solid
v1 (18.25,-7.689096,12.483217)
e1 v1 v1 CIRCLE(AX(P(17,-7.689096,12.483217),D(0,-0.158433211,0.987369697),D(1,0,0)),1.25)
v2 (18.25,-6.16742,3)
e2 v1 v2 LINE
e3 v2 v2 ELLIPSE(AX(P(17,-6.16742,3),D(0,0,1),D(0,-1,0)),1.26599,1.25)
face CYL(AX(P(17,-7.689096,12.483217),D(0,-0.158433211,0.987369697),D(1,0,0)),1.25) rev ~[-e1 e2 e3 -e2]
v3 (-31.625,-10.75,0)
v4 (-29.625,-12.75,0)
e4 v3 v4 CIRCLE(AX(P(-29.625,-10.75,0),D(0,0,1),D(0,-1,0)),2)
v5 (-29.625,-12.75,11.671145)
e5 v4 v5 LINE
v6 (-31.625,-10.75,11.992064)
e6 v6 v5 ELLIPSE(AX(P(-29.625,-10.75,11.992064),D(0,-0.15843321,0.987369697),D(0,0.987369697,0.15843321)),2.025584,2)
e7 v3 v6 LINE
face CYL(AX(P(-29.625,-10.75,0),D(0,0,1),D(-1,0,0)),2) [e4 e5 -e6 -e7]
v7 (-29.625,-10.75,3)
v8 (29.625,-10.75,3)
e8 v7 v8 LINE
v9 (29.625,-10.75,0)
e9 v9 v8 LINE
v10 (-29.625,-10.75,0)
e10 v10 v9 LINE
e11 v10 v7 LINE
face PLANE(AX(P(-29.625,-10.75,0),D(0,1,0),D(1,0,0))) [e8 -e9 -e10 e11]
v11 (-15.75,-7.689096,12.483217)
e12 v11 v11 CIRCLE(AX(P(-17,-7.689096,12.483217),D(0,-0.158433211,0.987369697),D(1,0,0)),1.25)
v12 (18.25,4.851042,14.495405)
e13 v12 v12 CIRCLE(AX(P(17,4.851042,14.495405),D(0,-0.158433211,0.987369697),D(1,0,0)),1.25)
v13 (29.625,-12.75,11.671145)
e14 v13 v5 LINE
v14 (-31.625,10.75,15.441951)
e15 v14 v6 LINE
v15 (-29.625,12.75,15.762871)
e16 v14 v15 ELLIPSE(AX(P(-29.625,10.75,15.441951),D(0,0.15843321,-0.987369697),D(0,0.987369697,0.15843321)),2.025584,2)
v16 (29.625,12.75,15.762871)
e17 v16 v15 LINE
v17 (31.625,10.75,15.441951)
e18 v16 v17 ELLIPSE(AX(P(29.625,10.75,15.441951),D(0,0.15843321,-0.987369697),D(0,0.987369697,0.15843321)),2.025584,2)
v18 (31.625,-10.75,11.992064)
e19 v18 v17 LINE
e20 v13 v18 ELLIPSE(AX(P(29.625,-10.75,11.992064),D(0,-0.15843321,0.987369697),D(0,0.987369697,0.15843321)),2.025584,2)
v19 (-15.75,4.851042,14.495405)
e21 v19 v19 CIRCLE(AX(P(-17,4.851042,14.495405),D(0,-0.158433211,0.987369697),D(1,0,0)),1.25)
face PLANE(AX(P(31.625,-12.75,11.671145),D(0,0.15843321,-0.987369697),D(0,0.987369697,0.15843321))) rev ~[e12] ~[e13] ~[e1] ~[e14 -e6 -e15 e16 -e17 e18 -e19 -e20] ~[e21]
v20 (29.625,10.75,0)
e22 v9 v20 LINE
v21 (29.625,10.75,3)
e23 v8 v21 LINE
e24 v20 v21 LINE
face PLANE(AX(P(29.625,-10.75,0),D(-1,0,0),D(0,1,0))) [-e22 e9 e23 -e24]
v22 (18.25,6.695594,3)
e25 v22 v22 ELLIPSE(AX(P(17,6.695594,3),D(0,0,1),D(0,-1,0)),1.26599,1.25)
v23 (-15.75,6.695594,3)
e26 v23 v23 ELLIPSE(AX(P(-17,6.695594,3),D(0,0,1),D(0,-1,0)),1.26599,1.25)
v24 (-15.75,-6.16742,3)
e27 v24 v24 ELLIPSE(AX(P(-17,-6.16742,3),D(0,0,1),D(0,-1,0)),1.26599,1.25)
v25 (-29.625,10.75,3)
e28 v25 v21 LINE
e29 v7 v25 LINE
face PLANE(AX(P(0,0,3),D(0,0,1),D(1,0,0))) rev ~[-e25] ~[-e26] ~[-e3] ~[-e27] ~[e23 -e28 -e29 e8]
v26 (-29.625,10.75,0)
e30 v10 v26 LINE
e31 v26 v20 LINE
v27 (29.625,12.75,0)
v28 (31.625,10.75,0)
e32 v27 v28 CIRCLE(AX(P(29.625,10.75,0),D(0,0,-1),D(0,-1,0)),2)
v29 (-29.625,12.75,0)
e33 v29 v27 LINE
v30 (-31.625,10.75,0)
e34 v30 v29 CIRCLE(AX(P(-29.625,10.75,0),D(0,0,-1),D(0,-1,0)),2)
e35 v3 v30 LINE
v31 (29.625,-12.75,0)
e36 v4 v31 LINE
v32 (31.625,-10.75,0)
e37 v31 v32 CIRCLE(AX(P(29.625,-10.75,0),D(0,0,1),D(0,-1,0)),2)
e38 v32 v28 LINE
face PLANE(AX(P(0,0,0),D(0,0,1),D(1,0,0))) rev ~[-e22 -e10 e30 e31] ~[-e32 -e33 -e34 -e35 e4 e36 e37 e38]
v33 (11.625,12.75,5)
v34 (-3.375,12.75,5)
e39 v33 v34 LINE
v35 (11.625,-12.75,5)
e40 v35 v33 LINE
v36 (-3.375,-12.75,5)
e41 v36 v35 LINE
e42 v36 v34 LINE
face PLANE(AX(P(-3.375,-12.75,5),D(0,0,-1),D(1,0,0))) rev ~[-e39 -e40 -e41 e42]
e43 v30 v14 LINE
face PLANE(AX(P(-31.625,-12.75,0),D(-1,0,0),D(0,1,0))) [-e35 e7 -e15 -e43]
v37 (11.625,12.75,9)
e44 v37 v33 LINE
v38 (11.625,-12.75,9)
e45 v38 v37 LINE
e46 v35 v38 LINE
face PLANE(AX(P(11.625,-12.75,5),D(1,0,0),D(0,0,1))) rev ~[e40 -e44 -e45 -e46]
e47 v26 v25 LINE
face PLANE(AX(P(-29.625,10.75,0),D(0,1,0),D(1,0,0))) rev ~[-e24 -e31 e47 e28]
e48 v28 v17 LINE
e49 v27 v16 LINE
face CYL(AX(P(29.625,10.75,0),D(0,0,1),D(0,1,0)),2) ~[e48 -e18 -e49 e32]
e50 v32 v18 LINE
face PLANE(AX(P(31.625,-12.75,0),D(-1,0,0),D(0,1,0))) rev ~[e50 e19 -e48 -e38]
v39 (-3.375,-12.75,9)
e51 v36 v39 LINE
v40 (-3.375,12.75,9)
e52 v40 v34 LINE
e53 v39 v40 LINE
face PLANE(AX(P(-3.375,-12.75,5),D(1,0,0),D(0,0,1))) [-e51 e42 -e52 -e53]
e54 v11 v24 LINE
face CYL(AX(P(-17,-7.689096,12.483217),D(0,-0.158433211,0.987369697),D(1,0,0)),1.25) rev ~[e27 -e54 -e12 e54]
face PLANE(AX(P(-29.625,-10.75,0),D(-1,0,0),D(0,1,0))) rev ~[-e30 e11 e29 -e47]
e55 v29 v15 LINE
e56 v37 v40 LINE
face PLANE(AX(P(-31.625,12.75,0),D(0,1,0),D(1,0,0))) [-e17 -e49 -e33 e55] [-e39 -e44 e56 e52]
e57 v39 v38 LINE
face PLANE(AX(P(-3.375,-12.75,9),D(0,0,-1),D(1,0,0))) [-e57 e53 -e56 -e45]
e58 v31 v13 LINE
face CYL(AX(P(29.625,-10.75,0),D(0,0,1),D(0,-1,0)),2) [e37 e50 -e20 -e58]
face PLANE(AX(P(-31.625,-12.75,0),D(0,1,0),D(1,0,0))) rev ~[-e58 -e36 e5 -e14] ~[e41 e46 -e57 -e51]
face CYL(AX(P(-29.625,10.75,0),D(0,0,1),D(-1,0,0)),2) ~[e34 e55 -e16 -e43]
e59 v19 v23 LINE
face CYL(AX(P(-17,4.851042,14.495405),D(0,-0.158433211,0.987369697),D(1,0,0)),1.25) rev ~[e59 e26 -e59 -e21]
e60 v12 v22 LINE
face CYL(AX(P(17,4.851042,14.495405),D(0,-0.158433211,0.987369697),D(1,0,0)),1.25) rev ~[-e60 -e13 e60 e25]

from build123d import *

# Parameters (mm, degrees)
F0_W      = 63.25
F0_H      = 25.5
F0_W_2    = 59.25
F0_H_2    = 21.5
F1_DEPTH  = 20
F3_DEPTH  = 3
F4_DEPTH  = 64
F5_W      = 15
F5_H      = 4
F6_DEPTH  = 30
F8_DEPTH  = 70
F9_R      = 2
F10_R     = 1.25
F11_DEPTH = 25


with BuildPart() as f1:
    # F0 (on Top) → F1 (new body)
    with BuildSketch(Plane.XY):
        Rectangle(F0_W, F0_H)
        Rectangle(F0_W_2, F0_H_2, mode=Mode.SUBTRACT)
        Rectangle(F0_W_2, F0_H_2)
    extrude(amount=F1_DEPTH)

    # F0 (on Top) → F3 (cut)
    with BuildSketch(Plane.XY):
        Rectangle(F0_W_2, F0_H_2)
    extrude(amount=F3_DEPTH, mode=Mode.SUBTRACT)

    # F2 (on face) → F4 (cut)
    with BuildSketch(Plane.YZ.offset(31.625)):
        Polygon((-12.75, 15.9456129), (12.75, 20), (-12.75, 20), align=None)
    extrude(amount=-F4_DEPTH, mode=Mode.SUBTRACT)

    # F5 (on face) → F6 (cut)
    with BuildSketch(Plane.XZ.offset(12.75)):
        with Locations((4.125, 7)):
            Rectangle(F5_W, F5_H)
    extrude(amount=-F6_DEPTH, mode=Mode.SUBTRACT)

    # F7 (on face) → F8 (cut)
    with BuildSketch(Plane.YZ.offset(31.625)):
        Polygon((-12.75, 11.6711445153), (12.75, 15.7628711313), (12.75, 20), (-12.75, 15.9456129), align=None)
    extrude(amount=-F8_DEPTH, mode=Mode.SUBTRACT)

    # F9
    f9_edges = [f1.edges().sort_by_distance(p)[0] for p in [
        (-31.625, 12.75, 7.881436),
        (31.625, 12.75, 7.881436),
        (-31.625, -12.75, 5.835572),
        (31.625, -12.75, 5.835572),
    ]]
    fillet(f9_edges, radius=F9_R)

    # F10 (on face) → F11 (cut)
    with BuildSketch(Plane(origin=(0, -2.1457810388, 13.3726960826), x_dir=(1, 0, 0), z_dir=(0, -0.1584332105, 0.9873696966))):
        with Locations((-17, 7.0863259119)):
            Circle(F10_R)
        with Locations((-17, -5.6142242387)):
            Circle(F10_R)
        with Locations((17, 7.0863259119)):
            Circle(F10_R)
        with Locations((17, -5.6142242387)):
            Circle(F10_R)
    extrude(amount=-F11_DEPTH, mode=Mode.SUBTRACT)


solid = f1.part
